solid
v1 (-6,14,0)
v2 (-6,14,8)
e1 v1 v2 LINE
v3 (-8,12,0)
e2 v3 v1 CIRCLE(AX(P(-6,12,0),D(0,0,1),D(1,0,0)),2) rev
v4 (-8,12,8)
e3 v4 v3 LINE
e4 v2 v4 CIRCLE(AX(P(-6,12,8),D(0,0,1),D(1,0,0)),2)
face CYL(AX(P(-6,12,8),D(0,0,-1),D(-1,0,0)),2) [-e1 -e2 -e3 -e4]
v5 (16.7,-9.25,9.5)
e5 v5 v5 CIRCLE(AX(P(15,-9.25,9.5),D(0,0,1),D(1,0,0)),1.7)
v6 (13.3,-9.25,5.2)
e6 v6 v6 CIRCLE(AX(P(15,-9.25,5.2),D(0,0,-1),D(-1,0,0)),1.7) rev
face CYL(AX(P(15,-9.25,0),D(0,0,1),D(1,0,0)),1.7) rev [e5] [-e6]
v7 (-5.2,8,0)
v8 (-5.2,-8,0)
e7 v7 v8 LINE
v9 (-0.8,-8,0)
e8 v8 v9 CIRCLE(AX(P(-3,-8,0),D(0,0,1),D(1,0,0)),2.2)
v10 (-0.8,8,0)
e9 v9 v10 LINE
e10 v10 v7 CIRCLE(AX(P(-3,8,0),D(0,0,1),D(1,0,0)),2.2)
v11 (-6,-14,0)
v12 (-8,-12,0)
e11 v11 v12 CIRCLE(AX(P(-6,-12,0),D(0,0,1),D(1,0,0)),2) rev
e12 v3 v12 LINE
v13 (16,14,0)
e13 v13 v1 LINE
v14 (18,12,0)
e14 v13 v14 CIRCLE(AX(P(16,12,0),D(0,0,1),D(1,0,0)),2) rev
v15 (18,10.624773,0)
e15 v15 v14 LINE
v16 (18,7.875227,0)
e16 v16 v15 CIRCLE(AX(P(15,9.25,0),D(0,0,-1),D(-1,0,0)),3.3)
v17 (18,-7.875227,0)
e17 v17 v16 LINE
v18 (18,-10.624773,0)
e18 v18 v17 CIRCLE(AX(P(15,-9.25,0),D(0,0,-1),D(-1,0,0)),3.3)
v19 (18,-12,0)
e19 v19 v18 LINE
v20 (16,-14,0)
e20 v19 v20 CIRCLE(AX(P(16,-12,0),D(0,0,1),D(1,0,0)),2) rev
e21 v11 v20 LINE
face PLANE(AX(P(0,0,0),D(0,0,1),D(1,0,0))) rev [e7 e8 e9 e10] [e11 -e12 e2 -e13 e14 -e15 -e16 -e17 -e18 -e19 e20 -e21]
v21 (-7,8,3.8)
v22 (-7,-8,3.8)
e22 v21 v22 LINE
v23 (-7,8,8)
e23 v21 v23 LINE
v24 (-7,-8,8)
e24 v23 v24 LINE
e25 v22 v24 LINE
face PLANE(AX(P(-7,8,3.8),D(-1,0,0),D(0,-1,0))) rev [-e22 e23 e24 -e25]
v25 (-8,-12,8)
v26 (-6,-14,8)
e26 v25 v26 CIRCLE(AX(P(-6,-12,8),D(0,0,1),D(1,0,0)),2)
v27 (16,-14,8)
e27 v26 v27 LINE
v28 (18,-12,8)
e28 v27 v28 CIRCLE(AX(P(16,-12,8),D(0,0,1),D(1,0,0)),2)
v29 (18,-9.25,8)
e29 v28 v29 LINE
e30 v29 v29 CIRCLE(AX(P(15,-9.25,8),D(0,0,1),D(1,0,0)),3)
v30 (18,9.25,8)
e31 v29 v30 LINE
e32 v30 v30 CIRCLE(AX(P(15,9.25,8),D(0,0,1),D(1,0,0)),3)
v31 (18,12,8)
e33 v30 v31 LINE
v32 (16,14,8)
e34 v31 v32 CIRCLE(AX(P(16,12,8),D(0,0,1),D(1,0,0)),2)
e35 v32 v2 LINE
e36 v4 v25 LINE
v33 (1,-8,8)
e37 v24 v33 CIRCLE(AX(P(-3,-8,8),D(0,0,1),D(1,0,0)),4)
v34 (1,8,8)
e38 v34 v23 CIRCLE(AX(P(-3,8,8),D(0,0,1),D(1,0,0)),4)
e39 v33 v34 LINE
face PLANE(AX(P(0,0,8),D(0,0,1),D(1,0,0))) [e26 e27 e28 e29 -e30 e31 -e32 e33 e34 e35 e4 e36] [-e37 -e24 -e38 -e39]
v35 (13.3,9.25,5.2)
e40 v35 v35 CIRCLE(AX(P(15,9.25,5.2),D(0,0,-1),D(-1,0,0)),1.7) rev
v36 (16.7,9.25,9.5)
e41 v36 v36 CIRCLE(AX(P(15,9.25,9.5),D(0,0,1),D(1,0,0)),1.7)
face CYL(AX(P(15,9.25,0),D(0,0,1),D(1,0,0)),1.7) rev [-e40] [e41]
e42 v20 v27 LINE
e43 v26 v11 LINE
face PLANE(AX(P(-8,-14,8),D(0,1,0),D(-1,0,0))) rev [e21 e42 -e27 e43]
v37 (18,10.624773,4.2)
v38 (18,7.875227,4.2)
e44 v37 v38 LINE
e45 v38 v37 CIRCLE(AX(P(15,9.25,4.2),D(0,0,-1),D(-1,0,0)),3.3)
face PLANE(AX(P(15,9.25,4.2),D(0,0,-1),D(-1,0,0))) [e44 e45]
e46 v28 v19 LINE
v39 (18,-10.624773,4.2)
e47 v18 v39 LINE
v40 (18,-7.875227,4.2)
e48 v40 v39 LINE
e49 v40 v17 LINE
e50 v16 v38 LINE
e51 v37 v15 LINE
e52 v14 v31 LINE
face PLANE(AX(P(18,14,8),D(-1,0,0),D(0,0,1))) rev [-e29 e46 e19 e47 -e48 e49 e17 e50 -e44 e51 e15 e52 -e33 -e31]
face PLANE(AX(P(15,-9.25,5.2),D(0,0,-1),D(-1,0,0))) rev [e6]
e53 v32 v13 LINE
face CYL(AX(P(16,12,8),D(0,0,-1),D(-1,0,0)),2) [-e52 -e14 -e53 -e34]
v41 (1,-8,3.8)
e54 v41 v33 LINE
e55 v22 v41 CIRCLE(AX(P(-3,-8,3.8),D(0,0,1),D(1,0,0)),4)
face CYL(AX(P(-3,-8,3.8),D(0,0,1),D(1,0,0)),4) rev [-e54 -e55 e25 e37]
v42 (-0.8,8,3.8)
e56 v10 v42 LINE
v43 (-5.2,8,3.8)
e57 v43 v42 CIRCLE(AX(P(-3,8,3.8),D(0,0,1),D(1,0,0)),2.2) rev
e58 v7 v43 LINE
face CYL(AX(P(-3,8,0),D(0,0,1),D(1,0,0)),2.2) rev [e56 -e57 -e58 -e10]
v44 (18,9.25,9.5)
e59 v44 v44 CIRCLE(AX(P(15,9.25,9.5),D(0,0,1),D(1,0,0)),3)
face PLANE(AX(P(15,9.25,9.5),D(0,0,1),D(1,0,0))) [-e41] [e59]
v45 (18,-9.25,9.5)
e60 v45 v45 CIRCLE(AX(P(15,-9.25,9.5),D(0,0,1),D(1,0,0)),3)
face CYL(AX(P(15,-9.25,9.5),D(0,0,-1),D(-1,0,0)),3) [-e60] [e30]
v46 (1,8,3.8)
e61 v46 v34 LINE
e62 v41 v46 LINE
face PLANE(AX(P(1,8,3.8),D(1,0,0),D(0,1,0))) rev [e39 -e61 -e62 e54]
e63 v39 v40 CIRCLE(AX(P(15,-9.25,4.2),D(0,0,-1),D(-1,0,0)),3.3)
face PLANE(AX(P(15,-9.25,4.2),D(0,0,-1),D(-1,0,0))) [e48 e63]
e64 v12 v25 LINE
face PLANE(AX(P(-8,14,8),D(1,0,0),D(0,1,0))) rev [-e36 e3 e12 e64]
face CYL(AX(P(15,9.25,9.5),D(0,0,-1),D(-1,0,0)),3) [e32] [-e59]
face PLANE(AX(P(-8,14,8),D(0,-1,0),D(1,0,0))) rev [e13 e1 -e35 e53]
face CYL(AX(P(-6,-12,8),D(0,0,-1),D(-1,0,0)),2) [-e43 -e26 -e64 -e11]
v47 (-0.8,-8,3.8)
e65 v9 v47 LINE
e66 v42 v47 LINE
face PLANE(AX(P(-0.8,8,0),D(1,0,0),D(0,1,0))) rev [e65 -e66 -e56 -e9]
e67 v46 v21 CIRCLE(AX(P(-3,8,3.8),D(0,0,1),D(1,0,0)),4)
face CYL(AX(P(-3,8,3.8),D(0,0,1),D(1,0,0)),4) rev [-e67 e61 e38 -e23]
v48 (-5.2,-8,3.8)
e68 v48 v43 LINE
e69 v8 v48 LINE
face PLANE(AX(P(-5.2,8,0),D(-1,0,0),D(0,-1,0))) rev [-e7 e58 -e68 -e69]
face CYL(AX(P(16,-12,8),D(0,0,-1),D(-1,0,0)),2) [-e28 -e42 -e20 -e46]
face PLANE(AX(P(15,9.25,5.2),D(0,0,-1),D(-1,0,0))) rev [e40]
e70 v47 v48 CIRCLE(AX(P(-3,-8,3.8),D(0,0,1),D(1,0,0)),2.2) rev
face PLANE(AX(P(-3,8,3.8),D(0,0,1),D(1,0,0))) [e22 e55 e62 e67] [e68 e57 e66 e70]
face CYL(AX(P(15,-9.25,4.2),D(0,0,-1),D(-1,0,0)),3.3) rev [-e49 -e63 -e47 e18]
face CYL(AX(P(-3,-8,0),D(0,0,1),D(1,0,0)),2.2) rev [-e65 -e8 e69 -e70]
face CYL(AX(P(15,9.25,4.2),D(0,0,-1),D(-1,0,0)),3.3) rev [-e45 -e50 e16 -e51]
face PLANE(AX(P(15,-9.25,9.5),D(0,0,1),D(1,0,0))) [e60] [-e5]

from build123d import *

# Parameters (mm, degrees)
ESQUISSE1_W             = 26
ESQUISSE1_H             = 28
BOSS_EXTRU_1_DEPTH      = 8
ENL_V_MAT_EXTRU_1_DEPTH = 9
ENL_V_MAT_EXTRU_2_DEPTH = 4.2
ESQUISSE4_R             = 1.7
ENL_V_MAT_EXTRU_3_DEPTH = 9
ESQUISSE5_R             = 3.3
ENL_V_MAT_EXTRU_6_DEPTH = 4.2
ESQUISSE6_R             = 1.7
BOSS_EXTRU_2_DEPTH      = 1
ESQUISSE7_R             = 3
ESQUISSE7_R_2           = 1.7
BOSS_EXTRU_3_DEPTH      = 1.5
FILLET1_R               = 2


with BuildPart() as part:
    # Esquisse1 → Boss.-Extru.1 (new body)
    with BuildSketch(Plane.XY):
        with Locations((5, 0)):
            Rectangle(ESQUISSE1_W, ESQUISSE1_H)
    extrude(amount=BOSS_EXTRU_1_DEPTH)

    # Esquisse2 → Enlèv. mat.-Extru.1 (cut, through all)
    with BuildSketch(Plane.XY.offset(8)):
        with BuildLine():
            Line((-0.8, 8), (-0.8, -8))
            ThreePointArc((-0.8, -8), (-3, -10.2), (-5.2, -8))
            Line((-5.2, -8), (-5.2, 8))
            ThreePointArc((-5.2, 8), (-3, 10.2), (-0.8, 8))
        make_face()
    extrude(amount=-ENL_V_MAT_EXTRU_1_DEPTH, mode=Mode.SUBTRACT)

    # Esquisse3 → Enlèv. mat.-Extru.2 (cut)
    with BuildSketch(Plane.XY.offset(8)):
        with BuildLine():
            Line((1, 8), (1, -8))
            ThreePointArc((1, -8), (-3, -12), (-7, -8))
            Line((-7, -8), (-7, 8))
            ThreePointArc((-7, 8), (-3, 12), (1, 8))
        make_face()
    extrude(amount=-ENL_V_MAT_EXTRU_2_DEPTH, mode=Mode.SUBTRACT)

    # Esquisse4 → Enlèv. mat.-Extru.3 (cut, through all)
    with BuildSketch(Plane.XY.offset(8)):
        with Locations((15, 9.25)):
            Circle(ESQUISSE4_R)
        with Locations((15, -9.25)):
            Circle(ESQUISSE4_R)
    extrude(amount=-ENL_V_MAT_EXTRU_3_DEPTH, mode=Mode.SUBTRACT)

    # Esquisse5 → Enlèv. mat.-Extru.6 (cut)
    with BuildSketch(Plane(origin=(0, 0, 0), x_dir=(-1, 0, 0), z_dir=(0, 0, -1))):
        with Locations((-15, 9.25)):
            Circle(ESQUISSE5_R)
        with Locations((-15, -9.25)):
            Circle(ESQUISSE5_R)
    extrude(amount=-ENL_V_MAT_EXTRU_6_DEPTH, mode=Mode.SUBTRACT)

    # Esquisse6 → Boss.-Extru.2 (add)
    with BuildSketch(Plane(origin=(0, 0, 4.2), x_dir=(-1, 0, 0), z_dir=(0, 0, -1))):
        with Locations((-15, 9.25)):
            Circle(ESQUISSE6_R)
        with Locations((-15, -9.25)):
            Circle(ESQUISSE6_R)
    extrude(amount=-BOSS_EXTRU_2_DEPTH)

    # Esquisse7 → Boss.-Extru.3 (add)
    with BuildSketch(Plane.XY.offset(8)):
        with Locations((15, -9.25)):
            Circle(ESQUISSE7_R)
        with Locations((15, -9.25)):
            Circle(ESQUISSE7_R_2, mode=Mode.SUBTRACT)
        with Locations((15, 9.25)):
            Circle(ESQUISSE7_R)
        with Locations((15, 9.25)):
            Circle(ESQUISSE7_R_2, mode=Mode.SUBTRACT)
    extrude(amount=BOSS_EXTRU_3_DEPTH)

    # Fillet1
    fillet1_edges = [part.edges().sort_by_distance(p)[0] for p in [
        (-8, 14, 4),
        (18, 14, 4),
        (18, -14, 4),
        (-8, -14, 4),
    ]]
    fillet(fillet1_edges, radius=FILLET1_R)


solid = part.part
